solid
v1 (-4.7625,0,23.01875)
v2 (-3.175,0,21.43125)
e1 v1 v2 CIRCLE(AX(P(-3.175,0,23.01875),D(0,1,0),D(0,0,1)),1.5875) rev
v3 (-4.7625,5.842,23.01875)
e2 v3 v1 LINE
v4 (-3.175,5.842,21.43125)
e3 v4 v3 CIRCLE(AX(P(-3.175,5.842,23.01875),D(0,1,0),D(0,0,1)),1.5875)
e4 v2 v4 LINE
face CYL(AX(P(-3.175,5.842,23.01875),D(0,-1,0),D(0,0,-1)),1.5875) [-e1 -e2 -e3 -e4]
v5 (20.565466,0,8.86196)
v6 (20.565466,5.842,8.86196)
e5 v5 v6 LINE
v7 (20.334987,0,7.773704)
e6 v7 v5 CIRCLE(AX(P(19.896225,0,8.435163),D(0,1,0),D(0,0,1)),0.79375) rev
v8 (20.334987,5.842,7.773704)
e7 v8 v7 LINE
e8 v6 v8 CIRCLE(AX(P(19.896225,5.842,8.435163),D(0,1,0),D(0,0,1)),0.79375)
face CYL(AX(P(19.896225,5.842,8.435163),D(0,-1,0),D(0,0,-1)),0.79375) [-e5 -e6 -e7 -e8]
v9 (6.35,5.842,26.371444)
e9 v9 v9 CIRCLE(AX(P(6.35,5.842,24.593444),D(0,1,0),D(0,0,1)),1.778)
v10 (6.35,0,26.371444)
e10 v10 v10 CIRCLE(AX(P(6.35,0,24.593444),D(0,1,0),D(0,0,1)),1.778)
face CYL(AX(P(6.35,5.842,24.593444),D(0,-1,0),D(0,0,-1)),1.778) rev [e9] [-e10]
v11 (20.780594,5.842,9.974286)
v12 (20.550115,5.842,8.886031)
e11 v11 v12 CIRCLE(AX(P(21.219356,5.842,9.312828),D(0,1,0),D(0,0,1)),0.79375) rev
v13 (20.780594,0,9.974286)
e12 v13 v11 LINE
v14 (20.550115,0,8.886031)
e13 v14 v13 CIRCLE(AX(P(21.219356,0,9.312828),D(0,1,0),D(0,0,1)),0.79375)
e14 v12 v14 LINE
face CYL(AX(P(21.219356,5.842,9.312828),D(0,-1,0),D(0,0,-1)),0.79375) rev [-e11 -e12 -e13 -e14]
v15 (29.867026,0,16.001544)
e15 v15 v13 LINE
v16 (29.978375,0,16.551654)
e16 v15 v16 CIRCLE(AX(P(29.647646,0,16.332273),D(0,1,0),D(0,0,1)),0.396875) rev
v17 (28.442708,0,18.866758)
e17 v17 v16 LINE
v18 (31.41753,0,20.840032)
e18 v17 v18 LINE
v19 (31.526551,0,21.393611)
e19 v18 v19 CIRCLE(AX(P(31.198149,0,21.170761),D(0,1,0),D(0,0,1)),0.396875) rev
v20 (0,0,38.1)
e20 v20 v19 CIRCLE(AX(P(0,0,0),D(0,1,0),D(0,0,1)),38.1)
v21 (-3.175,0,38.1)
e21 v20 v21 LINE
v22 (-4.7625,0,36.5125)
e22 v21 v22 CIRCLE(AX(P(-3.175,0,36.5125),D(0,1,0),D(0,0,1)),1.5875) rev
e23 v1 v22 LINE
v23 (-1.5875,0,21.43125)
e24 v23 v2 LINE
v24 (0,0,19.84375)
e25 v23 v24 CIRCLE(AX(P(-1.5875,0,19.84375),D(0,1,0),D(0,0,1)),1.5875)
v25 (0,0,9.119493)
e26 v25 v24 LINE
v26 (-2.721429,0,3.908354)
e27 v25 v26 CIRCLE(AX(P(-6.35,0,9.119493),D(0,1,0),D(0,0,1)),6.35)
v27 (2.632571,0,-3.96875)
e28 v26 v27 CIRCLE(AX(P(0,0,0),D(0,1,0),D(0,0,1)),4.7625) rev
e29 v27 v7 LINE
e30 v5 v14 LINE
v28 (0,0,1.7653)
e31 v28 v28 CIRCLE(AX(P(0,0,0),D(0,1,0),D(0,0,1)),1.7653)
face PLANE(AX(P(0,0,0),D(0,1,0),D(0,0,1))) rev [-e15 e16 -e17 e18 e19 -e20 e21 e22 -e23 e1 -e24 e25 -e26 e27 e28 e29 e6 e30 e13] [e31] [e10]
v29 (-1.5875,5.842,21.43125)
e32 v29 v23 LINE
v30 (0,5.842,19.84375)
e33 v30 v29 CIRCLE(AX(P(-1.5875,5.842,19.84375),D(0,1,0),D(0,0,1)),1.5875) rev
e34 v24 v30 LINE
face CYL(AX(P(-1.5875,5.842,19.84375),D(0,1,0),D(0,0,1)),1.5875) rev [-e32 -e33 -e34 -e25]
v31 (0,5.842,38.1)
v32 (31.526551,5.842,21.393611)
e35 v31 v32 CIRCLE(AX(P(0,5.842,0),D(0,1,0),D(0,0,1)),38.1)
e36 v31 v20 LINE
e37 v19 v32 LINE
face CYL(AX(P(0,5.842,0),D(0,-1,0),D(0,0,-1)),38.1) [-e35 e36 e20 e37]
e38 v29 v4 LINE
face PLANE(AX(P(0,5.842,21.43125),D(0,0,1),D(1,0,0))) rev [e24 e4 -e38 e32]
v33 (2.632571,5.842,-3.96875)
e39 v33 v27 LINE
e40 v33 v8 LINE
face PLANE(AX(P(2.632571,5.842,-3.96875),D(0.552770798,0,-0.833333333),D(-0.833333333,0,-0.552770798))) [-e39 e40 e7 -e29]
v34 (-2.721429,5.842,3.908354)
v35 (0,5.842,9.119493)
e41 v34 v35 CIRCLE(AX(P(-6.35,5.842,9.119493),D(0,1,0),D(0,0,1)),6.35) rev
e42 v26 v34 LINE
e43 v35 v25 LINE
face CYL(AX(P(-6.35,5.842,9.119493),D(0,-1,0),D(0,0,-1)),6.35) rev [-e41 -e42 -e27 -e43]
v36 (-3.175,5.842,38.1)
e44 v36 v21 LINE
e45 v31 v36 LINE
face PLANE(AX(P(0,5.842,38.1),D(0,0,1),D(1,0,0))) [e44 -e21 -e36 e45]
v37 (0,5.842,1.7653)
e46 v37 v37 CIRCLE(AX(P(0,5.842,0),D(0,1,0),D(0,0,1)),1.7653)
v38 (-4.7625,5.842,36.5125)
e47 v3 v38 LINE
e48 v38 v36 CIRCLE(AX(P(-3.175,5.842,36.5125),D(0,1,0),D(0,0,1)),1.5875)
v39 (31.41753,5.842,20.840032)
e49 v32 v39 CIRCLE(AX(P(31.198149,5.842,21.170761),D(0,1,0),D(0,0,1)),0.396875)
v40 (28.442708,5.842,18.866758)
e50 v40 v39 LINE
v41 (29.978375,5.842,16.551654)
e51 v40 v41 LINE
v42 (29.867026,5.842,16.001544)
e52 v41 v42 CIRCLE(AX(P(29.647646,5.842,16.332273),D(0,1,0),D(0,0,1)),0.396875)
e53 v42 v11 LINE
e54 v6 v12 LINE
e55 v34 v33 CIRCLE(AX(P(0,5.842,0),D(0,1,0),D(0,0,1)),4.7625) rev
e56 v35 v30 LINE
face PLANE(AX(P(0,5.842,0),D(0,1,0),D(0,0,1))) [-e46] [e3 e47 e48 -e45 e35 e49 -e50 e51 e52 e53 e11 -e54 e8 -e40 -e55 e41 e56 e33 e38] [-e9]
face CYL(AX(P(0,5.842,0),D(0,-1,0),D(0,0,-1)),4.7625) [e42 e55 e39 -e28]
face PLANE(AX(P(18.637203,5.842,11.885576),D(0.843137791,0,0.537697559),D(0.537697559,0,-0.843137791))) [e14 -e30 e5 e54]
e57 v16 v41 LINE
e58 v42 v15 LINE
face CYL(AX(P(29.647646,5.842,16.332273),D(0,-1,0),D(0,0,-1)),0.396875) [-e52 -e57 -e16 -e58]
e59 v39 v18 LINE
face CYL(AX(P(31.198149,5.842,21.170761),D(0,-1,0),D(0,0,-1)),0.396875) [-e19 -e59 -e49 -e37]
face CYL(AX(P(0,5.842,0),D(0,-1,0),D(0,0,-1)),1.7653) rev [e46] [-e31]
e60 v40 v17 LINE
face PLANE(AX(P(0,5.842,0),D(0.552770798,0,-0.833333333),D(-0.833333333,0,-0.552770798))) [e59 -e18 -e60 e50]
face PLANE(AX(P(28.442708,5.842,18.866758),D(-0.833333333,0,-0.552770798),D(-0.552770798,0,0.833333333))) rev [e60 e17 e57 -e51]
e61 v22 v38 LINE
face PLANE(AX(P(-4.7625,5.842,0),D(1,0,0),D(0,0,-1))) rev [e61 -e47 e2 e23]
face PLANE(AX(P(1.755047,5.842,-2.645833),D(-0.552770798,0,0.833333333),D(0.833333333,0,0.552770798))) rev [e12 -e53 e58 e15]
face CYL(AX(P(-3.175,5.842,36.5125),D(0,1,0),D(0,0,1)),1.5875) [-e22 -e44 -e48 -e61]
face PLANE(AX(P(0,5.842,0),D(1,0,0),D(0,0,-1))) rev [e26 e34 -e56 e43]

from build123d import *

# Parameters (mm, degrees)
SKETCH1_R           = 1.778
SKETCH1_R_2         = 1.7653
BOSS_EXTRUDE1_DEPTH = 5.842
FILLET3_R           = 1.5875
FILLET6_R           = 6.35
FILLET7_R           = 0.396875
FILLET9_R           = 0.79375


with BuildPart() as part:
    # Sketch1 → Boss-Extrude1 (new body)
    # profile 1 of 2: a face of its own
    with BuildSketch(Plane(origin=(0, 0, 0), x_dir=(1, 0, 0), z_dir=(0, 1, 0))):
        with BuildLine():
            ThreePointArc((4.7625, 0), (3.367596045, -3.367596045), (0, -4.7625))
            Line((0, -4.7625), (0, -21.43125))
            Line((0, -21.43125), (-4.7625, -21.43125))
            Line((-4.7625, -21.43125), (-4.7625, -38.1))
            Line((-4.7625, -38.1), (0, -38.1))
            ThreePointArc((0, -38.1), (18.016692001, -33.570951868), (31.75, -21.060567419))
            Line((31.75, -21.060567419), (28.442708333, -18.866758313))
            Line((28.442708333, -18.866758313), (30.197755618, -16.220924979))
            Line((30.197755618, -16.220924979), (20.130923816, -9.543344196))
            Line((20.130923816, -9.543344196), (20.98465671, -8.204646532))
            Line((20.98465671, -8.204646532), (2.632570927, 3.96875))
            ThreePointArc((2.632570927, 3.96875), (4.196368984, 2.2520865), (4.7625, 0))
        make_face()
        with Locations(Location((6.35, -24.593444248, 0), (0, 0, 270))):
            Circle(SKETCH1_R, mode=Mode.SUBTRACT)
    # profile 2 of 2: a face of its own
    with BuildSketch(Plane(origin=(0, 0, 0), x_dir=(1, 0, 0), z_dir=(0, 1, 0))):
        with BuildLine():
            ThreePointArc((4.7625, 0), (3.367596045, -3.367596045), (0, -4.7625))
            ThreePointArc((0, -4.7625), (-3.367596045, 3.367596045), (4.7625, 0))
        make_face()
        with Locations(Location((0, 0, 0), (0, 0, 270))):
            Circle(SKETCH1_R_2, mode=Mode.SUBTRACT)
    extrude(amount=BOSS_EXTRUDE1_DEPTH)

    # Fillet3
    fillet3_edges = [part.edges().sort_by_distance(p)[0] for p in [
        (-4.7625, 2.921, 38.1),
        (-4.7625, 2.921, 21.43125),
        (0, 2.921, 21.43125),
    ]]
    fillet(fillet3_edges, radius=FILLET3_R)

    # Fillet6
    fillet6_edges = [part.edges().sort_by_distance(p)[0] for p in [
        (0, 2.921, 4.7625),
    ]]
    fillet(fillet6_edges, radius=FILLET6_R)

    # Fillet7
    fillet7_edges = [part.edges().sort_by_distance(p)[0] for p in [
        (30.197755618, 2.921, 16.220924979),
        (31.75, 2.921, 21.060567419),
    ]]
    fillet(fillet7_edges, radius=FILLET7_R)

    # Fillet9
    fillet9_edges = [part.edges().sort_by_distance(p)[0] for p in [
        (20.98465671, 2.921, 8.204646532),
        (20.130923816, 2.921, 9.543344196),
    ]]
    fillet(fillet9_edges, radius=FILLET9_R)


solid = part.part
